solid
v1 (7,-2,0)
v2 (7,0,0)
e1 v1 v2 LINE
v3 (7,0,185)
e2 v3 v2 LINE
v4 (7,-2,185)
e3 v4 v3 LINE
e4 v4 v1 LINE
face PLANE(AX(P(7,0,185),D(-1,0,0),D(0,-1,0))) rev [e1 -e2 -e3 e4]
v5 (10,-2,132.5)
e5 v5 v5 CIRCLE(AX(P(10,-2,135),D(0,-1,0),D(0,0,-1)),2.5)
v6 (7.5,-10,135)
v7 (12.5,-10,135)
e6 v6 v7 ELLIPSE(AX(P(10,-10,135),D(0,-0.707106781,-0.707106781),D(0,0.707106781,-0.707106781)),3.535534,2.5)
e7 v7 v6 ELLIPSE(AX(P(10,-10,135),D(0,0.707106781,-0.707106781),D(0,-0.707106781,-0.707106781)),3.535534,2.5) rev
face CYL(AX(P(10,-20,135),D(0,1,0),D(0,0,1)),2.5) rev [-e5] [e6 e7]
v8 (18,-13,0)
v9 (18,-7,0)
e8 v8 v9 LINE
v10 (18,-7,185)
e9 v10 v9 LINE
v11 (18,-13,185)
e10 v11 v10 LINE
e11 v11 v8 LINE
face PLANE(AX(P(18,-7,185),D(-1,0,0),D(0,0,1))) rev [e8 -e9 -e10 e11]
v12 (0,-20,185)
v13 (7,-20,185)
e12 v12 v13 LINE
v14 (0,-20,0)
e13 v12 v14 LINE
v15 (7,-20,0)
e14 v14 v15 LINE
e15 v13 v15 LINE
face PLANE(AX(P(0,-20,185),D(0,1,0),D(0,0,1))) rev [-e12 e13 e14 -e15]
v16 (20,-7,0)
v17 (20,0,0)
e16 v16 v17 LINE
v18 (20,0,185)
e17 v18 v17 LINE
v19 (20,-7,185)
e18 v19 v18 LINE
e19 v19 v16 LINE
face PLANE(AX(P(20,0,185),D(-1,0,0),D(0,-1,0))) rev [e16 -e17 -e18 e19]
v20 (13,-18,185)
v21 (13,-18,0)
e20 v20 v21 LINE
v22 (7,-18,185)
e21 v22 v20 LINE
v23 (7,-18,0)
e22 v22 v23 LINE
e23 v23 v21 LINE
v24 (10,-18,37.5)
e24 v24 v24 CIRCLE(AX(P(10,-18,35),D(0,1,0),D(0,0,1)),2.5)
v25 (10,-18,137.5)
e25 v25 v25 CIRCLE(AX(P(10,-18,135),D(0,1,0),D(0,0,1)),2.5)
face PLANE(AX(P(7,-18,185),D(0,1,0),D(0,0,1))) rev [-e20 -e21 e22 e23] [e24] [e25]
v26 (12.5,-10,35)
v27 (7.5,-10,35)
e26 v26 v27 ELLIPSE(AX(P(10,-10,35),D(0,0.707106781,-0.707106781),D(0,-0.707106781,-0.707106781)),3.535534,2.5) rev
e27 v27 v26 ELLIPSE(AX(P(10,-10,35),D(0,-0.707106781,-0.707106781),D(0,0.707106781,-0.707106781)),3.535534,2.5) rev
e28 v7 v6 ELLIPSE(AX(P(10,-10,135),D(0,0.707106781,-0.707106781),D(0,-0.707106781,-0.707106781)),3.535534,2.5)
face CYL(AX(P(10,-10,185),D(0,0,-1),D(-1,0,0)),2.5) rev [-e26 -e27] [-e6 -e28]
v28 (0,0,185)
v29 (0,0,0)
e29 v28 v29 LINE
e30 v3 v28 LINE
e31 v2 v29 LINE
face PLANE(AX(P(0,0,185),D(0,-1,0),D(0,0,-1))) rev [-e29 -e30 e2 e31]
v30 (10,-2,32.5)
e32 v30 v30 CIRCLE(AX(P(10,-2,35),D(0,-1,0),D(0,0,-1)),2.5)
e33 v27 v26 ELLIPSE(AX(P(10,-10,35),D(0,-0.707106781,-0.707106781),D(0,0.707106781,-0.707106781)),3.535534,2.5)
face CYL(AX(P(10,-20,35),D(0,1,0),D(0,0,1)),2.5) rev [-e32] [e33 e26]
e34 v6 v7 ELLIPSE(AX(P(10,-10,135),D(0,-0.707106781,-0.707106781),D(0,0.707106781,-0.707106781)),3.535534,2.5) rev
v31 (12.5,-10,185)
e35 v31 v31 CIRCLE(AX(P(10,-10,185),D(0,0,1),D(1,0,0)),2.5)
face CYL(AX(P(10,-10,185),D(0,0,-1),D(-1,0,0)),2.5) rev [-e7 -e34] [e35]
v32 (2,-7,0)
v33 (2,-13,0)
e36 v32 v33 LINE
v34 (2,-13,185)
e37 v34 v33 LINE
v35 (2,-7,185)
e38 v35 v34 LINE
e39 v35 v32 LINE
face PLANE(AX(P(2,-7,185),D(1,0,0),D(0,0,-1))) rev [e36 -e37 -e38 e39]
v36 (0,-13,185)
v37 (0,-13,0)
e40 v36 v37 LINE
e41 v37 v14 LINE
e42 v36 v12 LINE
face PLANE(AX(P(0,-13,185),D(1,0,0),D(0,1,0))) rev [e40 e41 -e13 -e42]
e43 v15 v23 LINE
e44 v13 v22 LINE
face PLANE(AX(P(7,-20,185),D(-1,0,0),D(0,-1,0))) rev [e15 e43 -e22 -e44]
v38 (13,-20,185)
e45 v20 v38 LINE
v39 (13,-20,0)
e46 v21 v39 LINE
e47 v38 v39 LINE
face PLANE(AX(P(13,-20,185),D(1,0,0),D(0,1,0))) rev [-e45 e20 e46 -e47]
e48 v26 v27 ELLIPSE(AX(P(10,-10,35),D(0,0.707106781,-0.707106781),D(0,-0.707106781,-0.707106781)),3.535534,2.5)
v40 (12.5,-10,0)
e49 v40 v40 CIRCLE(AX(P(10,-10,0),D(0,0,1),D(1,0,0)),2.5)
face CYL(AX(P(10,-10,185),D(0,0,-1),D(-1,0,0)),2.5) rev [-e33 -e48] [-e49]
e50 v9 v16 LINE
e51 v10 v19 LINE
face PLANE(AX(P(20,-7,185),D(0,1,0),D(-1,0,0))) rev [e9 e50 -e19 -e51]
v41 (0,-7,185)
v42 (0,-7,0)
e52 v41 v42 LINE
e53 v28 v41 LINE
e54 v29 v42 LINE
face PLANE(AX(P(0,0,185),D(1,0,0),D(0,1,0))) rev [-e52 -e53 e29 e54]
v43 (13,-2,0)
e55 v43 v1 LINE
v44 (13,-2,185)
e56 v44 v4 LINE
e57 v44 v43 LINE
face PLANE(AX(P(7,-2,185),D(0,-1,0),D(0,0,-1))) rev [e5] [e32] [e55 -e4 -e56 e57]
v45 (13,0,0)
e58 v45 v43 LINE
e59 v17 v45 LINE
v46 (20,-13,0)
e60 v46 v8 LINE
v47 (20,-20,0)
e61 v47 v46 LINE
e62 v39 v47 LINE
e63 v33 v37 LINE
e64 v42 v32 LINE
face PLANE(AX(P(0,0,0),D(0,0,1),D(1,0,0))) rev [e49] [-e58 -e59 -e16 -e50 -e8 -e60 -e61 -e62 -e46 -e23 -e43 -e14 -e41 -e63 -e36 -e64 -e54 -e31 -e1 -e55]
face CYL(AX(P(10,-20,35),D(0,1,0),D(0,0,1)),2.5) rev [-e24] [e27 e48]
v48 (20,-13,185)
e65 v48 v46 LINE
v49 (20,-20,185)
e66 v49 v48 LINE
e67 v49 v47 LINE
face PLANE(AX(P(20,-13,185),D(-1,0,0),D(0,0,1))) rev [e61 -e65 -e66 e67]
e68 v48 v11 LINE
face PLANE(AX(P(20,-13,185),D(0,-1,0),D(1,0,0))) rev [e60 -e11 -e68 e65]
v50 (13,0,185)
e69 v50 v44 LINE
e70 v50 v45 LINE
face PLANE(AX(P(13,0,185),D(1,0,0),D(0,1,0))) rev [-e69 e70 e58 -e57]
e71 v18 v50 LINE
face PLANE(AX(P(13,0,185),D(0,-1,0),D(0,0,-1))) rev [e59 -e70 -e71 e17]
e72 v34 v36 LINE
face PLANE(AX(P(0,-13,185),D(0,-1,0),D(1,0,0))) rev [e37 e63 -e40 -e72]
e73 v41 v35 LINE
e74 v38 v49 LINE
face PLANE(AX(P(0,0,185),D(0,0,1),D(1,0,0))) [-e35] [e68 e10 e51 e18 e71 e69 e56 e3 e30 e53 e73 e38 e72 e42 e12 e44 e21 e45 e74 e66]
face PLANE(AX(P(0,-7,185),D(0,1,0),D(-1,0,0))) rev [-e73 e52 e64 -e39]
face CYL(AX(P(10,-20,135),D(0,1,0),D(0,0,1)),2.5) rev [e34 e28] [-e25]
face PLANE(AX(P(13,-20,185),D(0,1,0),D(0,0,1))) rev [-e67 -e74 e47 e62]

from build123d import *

# Parameters (mm, degrees)
SKETCH_1_R          = 2.5
EXTRUDE_1_DEPTH     = 185
SKETCH_2_R          = 2.5
CUT_EXTRUDE_1_DEPTH = 188.149672722


with BuildPart() as part:
    # 草图1 → 凸台-拉伸1 (new body)
    with BuildSketch(Plane.XY):
        Polygon((0, -13), (0, -20), (7, -20), (7, -18), (13, -18), (13, -20), (20, -20), (20, -13), (18, -13), (18, -7), (20, -7), (20, 0), (13, 0), (13, -2), (7, -2), (7, 0), (0, 0), (0, -7), (2, -7), (2, -13), align=None)
        with Locations((10, -10)):
            Circle(SKETCH_1_R, mode=Mode.SUBTRACT)
    extrude(amount=EXTRUDE_1_DEPTH)

    # 草图2 → 切除-拉伸1 (cut, through all)
    with BuildSketch(Plane(origin=(0, 0, 0), x_dir=(1, 0, 0), z_dir=(0, 1, 0))):
        with Locations(Location((10, -35, 0), (0, 0, 270))):
            Circle(SKETCH_2_R)
        with Locations(Location((10, -135, 0), (0, 0, 270))):
            Circle(SKETCH_2_R)
    extrude(amount=-CUT_EXTRUDE_1_DEPTH, mode=Mode.SUBTRACT)


solid = part.part
